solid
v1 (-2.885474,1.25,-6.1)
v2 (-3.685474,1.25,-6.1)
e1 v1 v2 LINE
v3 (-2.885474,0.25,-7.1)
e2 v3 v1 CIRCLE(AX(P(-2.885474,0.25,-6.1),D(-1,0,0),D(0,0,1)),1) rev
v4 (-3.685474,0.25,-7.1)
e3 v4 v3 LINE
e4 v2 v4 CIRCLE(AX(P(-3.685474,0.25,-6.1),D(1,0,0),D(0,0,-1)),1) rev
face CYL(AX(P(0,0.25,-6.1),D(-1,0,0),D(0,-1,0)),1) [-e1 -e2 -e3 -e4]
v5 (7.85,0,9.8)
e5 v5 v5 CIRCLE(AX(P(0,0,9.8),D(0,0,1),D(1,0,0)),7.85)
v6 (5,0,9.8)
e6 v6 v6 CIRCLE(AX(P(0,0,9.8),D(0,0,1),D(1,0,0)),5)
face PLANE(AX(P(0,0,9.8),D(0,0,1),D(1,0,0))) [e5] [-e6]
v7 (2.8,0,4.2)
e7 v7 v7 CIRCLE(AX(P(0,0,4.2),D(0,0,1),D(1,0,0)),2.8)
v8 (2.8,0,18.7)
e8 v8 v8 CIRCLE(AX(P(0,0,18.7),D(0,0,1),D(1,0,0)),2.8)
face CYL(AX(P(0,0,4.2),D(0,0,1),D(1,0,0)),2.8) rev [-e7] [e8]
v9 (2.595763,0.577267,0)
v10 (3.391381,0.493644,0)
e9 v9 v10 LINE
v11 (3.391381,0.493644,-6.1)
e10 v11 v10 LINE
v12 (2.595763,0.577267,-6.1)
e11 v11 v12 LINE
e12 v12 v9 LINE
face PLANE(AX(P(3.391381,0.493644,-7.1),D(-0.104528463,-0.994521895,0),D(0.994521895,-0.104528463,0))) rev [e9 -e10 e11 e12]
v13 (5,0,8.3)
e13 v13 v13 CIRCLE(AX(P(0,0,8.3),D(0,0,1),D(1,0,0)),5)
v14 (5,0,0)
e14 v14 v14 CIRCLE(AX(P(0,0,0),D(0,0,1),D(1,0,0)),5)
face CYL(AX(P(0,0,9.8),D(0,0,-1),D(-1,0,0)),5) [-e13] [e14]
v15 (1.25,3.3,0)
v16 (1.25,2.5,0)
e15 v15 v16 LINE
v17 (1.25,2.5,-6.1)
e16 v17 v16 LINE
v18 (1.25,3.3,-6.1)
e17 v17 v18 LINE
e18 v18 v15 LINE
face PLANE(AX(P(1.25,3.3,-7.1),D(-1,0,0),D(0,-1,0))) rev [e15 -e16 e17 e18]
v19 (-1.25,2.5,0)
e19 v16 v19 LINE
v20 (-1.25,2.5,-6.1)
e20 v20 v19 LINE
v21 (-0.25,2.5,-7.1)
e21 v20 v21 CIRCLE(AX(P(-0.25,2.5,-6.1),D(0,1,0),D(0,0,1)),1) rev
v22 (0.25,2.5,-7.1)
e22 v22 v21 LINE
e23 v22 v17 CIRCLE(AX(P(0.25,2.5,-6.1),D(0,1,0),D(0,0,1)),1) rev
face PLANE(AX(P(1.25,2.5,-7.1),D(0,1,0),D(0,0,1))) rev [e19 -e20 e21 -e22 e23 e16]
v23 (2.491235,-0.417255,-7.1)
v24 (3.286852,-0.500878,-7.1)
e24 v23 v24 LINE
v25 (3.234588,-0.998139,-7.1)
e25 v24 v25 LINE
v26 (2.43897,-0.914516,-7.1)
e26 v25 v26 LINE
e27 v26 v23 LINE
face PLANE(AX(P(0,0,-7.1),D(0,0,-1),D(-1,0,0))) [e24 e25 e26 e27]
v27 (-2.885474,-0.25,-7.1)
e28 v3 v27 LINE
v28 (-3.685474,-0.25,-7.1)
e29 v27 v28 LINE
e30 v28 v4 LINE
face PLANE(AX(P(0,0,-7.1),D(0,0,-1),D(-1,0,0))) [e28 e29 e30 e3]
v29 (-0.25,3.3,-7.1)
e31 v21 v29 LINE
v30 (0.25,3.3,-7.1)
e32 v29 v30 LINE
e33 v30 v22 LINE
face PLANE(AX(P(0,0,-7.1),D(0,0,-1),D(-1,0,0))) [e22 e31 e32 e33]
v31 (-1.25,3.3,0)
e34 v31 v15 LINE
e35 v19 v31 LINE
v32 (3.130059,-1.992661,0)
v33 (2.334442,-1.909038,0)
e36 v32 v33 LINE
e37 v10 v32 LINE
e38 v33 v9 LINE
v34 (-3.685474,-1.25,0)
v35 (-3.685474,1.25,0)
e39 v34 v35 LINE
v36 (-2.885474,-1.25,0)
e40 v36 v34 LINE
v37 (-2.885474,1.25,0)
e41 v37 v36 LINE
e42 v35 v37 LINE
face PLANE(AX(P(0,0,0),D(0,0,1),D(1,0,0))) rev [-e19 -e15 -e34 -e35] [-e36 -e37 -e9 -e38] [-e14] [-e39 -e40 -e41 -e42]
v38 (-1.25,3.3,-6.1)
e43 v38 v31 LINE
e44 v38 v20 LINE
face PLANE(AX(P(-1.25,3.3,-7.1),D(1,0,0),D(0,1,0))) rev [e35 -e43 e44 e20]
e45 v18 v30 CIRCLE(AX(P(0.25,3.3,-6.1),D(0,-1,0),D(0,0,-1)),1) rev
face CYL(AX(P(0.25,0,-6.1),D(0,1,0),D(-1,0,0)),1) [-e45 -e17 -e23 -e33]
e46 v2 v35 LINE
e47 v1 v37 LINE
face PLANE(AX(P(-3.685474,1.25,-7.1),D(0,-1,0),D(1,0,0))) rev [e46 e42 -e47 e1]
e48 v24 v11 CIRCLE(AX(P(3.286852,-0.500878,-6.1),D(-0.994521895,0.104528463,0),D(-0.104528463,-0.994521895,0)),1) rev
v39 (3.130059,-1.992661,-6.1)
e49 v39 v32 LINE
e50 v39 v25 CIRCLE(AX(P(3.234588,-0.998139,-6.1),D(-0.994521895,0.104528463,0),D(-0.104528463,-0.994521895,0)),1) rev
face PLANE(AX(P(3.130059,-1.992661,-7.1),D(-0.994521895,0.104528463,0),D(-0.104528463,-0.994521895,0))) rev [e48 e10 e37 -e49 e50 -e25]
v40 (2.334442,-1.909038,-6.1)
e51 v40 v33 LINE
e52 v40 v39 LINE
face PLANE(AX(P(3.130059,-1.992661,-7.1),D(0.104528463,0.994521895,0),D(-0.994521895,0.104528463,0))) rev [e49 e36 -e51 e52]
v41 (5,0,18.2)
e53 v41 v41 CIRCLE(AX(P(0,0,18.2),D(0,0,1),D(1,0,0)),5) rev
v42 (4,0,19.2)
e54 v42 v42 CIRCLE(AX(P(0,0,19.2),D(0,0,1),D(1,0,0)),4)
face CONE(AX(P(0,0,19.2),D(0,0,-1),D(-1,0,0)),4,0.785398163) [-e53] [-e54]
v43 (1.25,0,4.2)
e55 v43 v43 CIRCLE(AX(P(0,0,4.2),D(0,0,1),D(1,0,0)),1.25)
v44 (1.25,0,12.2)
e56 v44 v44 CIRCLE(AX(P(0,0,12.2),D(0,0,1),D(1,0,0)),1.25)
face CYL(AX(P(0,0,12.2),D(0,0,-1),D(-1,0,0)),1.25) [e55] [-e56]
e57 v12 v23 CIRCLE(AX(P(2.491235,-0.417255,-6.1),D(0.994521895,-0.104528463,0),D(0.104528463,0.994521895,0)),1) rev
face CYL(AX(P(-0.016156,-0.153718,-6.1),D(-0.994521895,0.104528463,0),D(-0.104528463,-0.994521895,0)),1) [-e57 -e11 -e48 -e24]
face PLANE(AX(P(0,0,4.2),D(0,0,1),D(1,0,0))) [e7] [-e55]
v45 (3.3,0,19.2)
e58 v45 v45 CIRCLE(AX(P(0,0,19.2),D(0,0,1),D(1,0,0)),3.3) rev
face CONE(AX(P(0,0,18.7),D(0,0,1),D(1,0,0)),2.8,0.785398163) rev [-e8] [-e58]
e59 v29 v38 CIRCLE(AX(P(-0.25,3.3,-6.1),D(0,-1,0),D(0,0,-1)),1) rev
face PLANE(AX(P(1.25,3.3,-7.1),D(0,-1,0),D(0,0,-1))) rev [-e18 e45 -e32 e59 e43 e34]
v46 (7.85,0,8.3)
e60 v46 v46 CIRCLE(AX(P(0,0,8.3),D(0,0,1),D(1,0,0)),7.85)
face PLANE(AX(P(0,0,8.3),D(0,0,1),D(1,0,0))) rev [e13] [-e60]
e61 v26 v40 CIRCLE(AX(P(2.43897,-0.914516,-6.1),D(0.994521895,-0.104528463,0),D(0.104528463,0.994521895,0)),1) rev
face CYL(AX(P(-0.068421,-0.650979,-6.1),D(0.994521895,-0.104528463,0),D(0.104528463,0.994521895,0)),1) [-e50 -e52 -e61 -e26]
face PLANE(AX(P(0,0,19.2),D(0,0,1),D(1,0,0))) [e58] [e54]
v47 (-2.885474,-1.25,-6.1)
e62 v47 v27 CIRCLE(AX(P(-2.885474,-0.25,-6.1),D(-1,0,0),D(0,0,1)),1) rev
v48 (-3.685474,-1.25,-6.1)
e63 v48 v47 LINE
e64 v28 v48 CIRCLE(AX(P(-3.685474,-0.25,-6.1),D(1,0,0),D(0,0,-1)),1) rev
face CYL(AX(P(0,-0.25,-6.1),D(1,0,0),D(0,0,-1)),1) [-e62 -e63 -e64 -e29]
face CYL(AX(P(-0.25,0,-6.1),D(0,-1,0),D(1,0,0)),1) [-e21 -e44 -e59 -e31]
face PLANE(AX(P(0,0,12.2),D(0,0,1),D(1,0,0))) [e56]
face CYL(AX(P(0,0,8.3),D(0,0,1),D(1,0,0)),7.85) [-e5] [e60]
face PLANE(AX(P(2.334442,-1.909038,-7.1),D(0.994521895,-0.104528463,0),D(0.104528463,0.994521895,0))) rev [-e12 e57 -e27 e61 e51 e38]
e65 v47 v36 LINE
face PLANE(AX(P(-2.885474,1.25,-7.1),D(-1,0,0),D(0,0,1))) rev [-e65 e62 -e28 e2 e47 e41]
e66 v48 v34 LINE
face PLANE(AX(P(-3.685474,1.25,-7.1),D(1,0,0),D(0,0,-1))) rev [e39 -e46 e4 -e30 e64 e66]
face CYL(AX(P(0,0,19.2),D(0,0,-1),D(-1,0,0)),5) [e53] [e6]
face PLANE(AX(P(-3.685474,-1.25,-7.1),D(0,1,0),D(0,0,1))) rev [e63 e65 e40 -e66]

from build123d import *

# Parameters (mm, degrees)
SKETCH1_R           = 5
BOSS_EXTRUDE1_DEPTH = 9.8
SKETCH2_R           = 7.85
BOSS_EXTRUDE2_DEPTH = 1.5
SKETCH3_R           = 5
BOSS_EXTRUDE3_DEPTH = 9.4
SKETCH4_W           = 2.5
SKETCH4_H           = 0.8
SKETCH4_W_2         = 0.8
SKETCH4_H_2         = 2.5
BOSS_EXTRUDE4_DEPTH = 7.1
FILLET1_R           = 1
SKETCH6_R           = 2.8
CUT_EXTRUDE1_DEPTH  = 15
SKETCH7_R           = 1.25
BOSS_EXTRUDE5_DEPTH = 8
CHAMFER1_SIZE       = 1
CHAMFER2_SIZE       = 0.5


with BuildPart() as part:
    # Sketch1 → Boss-Extrude1 (new body)
    with BuildSketch(Plane.XY):
        Circle(SKETCH1_R)
    extrude(amount=BOSS_EXTRUDE1_DEPTH)

    # Sketch2 → Boss-Extrude2 (add)
    with BuildSketch(Plane.XY.offset(9.8)):
        Circle(SKETCH2_R)
    extrude(amount=-BOSS_EXTRUDE2_DEPTH)

    # Sketch3 → Boss-Extrude3 (add)
    with BuildSketch(Plane.XY.offset(9.8)):
        Circle(SKETCH3_R)
    extrude(amount=BOSS_EXTRUDE3_DEPTH)

    # Sketch4 → Boss-Extrude4 (add)
    with BuildSketch(Plane(origin=(0, 0, 0), x_dir=(-1, 0, 0), z_dir=(0, 0, -1))):
        with Locations((0, 2.9)):
            Rectangle(SKETCH4_W, SKETCH4_H)
        with Locations((3.285473872, 0)):
            Rectangle(SKETCH4_W_2, SKETCH4_H_2)
        Polygon((-3.130059347, -1.992660833), (-3.391380505, 0.493643905), (-2.595762989, 0.577266676), (-2.33444183, -1.909038062), align=None)
    extrude(amount=BOSS_EXTRUDE4_DEPTH)

    # Fillet1
    fillet1_edges = [part.edges().sort_by_distance(p)[0] for p in [
        (1.25, 2.9, -7.1),
        (-1.25, 2.9, -7.1),
        (-3.285473872, 1.25, -7.1),
        (-3.285473872, -1.25, -7.1),
        (2.732250589, -1.950849448, -7.1),
        (2.993571747, 0.535455291, -7.1),
    ]]
    fillet(fillet1_edges, radius=FILLET1_R)

    # Sketch6 → Cut-Extrude1 (cut)
    with BuildSketch(Plane.XY.offset(19.2)):
        Circle(SKETCH6_R)
    extrude(amount=-CUT_EXTRUDE1_DEPTH, mode=Mode.SUBTRACT)

    # Sketch7 → Boss-Extrude5 (add)
    with BuildSketch(Plane.XY.offset(4.2)):
        Circle(SKETCH7_R)
    extrude(amount=BOSS_EXTRUDE5_DEPTH)

    # Chamfer1
    chamfer1_edges = [part.edges().sort_by_distance(p)[0] for p in [
        (-5, 0, 19.2),
    ]]
    chamfer(chamfer1_edges, length=CHAMFER1_SIZE)

    # Chamfer2
    chamfer2_edges = [part.edges().sort_by_distance(p)[0] for p in [
        (-2.8, 0, 19.2),
    ]]
    chamfer(chamfer2_edges, length=CHAMFER2_SIZE)


solid = part.part
